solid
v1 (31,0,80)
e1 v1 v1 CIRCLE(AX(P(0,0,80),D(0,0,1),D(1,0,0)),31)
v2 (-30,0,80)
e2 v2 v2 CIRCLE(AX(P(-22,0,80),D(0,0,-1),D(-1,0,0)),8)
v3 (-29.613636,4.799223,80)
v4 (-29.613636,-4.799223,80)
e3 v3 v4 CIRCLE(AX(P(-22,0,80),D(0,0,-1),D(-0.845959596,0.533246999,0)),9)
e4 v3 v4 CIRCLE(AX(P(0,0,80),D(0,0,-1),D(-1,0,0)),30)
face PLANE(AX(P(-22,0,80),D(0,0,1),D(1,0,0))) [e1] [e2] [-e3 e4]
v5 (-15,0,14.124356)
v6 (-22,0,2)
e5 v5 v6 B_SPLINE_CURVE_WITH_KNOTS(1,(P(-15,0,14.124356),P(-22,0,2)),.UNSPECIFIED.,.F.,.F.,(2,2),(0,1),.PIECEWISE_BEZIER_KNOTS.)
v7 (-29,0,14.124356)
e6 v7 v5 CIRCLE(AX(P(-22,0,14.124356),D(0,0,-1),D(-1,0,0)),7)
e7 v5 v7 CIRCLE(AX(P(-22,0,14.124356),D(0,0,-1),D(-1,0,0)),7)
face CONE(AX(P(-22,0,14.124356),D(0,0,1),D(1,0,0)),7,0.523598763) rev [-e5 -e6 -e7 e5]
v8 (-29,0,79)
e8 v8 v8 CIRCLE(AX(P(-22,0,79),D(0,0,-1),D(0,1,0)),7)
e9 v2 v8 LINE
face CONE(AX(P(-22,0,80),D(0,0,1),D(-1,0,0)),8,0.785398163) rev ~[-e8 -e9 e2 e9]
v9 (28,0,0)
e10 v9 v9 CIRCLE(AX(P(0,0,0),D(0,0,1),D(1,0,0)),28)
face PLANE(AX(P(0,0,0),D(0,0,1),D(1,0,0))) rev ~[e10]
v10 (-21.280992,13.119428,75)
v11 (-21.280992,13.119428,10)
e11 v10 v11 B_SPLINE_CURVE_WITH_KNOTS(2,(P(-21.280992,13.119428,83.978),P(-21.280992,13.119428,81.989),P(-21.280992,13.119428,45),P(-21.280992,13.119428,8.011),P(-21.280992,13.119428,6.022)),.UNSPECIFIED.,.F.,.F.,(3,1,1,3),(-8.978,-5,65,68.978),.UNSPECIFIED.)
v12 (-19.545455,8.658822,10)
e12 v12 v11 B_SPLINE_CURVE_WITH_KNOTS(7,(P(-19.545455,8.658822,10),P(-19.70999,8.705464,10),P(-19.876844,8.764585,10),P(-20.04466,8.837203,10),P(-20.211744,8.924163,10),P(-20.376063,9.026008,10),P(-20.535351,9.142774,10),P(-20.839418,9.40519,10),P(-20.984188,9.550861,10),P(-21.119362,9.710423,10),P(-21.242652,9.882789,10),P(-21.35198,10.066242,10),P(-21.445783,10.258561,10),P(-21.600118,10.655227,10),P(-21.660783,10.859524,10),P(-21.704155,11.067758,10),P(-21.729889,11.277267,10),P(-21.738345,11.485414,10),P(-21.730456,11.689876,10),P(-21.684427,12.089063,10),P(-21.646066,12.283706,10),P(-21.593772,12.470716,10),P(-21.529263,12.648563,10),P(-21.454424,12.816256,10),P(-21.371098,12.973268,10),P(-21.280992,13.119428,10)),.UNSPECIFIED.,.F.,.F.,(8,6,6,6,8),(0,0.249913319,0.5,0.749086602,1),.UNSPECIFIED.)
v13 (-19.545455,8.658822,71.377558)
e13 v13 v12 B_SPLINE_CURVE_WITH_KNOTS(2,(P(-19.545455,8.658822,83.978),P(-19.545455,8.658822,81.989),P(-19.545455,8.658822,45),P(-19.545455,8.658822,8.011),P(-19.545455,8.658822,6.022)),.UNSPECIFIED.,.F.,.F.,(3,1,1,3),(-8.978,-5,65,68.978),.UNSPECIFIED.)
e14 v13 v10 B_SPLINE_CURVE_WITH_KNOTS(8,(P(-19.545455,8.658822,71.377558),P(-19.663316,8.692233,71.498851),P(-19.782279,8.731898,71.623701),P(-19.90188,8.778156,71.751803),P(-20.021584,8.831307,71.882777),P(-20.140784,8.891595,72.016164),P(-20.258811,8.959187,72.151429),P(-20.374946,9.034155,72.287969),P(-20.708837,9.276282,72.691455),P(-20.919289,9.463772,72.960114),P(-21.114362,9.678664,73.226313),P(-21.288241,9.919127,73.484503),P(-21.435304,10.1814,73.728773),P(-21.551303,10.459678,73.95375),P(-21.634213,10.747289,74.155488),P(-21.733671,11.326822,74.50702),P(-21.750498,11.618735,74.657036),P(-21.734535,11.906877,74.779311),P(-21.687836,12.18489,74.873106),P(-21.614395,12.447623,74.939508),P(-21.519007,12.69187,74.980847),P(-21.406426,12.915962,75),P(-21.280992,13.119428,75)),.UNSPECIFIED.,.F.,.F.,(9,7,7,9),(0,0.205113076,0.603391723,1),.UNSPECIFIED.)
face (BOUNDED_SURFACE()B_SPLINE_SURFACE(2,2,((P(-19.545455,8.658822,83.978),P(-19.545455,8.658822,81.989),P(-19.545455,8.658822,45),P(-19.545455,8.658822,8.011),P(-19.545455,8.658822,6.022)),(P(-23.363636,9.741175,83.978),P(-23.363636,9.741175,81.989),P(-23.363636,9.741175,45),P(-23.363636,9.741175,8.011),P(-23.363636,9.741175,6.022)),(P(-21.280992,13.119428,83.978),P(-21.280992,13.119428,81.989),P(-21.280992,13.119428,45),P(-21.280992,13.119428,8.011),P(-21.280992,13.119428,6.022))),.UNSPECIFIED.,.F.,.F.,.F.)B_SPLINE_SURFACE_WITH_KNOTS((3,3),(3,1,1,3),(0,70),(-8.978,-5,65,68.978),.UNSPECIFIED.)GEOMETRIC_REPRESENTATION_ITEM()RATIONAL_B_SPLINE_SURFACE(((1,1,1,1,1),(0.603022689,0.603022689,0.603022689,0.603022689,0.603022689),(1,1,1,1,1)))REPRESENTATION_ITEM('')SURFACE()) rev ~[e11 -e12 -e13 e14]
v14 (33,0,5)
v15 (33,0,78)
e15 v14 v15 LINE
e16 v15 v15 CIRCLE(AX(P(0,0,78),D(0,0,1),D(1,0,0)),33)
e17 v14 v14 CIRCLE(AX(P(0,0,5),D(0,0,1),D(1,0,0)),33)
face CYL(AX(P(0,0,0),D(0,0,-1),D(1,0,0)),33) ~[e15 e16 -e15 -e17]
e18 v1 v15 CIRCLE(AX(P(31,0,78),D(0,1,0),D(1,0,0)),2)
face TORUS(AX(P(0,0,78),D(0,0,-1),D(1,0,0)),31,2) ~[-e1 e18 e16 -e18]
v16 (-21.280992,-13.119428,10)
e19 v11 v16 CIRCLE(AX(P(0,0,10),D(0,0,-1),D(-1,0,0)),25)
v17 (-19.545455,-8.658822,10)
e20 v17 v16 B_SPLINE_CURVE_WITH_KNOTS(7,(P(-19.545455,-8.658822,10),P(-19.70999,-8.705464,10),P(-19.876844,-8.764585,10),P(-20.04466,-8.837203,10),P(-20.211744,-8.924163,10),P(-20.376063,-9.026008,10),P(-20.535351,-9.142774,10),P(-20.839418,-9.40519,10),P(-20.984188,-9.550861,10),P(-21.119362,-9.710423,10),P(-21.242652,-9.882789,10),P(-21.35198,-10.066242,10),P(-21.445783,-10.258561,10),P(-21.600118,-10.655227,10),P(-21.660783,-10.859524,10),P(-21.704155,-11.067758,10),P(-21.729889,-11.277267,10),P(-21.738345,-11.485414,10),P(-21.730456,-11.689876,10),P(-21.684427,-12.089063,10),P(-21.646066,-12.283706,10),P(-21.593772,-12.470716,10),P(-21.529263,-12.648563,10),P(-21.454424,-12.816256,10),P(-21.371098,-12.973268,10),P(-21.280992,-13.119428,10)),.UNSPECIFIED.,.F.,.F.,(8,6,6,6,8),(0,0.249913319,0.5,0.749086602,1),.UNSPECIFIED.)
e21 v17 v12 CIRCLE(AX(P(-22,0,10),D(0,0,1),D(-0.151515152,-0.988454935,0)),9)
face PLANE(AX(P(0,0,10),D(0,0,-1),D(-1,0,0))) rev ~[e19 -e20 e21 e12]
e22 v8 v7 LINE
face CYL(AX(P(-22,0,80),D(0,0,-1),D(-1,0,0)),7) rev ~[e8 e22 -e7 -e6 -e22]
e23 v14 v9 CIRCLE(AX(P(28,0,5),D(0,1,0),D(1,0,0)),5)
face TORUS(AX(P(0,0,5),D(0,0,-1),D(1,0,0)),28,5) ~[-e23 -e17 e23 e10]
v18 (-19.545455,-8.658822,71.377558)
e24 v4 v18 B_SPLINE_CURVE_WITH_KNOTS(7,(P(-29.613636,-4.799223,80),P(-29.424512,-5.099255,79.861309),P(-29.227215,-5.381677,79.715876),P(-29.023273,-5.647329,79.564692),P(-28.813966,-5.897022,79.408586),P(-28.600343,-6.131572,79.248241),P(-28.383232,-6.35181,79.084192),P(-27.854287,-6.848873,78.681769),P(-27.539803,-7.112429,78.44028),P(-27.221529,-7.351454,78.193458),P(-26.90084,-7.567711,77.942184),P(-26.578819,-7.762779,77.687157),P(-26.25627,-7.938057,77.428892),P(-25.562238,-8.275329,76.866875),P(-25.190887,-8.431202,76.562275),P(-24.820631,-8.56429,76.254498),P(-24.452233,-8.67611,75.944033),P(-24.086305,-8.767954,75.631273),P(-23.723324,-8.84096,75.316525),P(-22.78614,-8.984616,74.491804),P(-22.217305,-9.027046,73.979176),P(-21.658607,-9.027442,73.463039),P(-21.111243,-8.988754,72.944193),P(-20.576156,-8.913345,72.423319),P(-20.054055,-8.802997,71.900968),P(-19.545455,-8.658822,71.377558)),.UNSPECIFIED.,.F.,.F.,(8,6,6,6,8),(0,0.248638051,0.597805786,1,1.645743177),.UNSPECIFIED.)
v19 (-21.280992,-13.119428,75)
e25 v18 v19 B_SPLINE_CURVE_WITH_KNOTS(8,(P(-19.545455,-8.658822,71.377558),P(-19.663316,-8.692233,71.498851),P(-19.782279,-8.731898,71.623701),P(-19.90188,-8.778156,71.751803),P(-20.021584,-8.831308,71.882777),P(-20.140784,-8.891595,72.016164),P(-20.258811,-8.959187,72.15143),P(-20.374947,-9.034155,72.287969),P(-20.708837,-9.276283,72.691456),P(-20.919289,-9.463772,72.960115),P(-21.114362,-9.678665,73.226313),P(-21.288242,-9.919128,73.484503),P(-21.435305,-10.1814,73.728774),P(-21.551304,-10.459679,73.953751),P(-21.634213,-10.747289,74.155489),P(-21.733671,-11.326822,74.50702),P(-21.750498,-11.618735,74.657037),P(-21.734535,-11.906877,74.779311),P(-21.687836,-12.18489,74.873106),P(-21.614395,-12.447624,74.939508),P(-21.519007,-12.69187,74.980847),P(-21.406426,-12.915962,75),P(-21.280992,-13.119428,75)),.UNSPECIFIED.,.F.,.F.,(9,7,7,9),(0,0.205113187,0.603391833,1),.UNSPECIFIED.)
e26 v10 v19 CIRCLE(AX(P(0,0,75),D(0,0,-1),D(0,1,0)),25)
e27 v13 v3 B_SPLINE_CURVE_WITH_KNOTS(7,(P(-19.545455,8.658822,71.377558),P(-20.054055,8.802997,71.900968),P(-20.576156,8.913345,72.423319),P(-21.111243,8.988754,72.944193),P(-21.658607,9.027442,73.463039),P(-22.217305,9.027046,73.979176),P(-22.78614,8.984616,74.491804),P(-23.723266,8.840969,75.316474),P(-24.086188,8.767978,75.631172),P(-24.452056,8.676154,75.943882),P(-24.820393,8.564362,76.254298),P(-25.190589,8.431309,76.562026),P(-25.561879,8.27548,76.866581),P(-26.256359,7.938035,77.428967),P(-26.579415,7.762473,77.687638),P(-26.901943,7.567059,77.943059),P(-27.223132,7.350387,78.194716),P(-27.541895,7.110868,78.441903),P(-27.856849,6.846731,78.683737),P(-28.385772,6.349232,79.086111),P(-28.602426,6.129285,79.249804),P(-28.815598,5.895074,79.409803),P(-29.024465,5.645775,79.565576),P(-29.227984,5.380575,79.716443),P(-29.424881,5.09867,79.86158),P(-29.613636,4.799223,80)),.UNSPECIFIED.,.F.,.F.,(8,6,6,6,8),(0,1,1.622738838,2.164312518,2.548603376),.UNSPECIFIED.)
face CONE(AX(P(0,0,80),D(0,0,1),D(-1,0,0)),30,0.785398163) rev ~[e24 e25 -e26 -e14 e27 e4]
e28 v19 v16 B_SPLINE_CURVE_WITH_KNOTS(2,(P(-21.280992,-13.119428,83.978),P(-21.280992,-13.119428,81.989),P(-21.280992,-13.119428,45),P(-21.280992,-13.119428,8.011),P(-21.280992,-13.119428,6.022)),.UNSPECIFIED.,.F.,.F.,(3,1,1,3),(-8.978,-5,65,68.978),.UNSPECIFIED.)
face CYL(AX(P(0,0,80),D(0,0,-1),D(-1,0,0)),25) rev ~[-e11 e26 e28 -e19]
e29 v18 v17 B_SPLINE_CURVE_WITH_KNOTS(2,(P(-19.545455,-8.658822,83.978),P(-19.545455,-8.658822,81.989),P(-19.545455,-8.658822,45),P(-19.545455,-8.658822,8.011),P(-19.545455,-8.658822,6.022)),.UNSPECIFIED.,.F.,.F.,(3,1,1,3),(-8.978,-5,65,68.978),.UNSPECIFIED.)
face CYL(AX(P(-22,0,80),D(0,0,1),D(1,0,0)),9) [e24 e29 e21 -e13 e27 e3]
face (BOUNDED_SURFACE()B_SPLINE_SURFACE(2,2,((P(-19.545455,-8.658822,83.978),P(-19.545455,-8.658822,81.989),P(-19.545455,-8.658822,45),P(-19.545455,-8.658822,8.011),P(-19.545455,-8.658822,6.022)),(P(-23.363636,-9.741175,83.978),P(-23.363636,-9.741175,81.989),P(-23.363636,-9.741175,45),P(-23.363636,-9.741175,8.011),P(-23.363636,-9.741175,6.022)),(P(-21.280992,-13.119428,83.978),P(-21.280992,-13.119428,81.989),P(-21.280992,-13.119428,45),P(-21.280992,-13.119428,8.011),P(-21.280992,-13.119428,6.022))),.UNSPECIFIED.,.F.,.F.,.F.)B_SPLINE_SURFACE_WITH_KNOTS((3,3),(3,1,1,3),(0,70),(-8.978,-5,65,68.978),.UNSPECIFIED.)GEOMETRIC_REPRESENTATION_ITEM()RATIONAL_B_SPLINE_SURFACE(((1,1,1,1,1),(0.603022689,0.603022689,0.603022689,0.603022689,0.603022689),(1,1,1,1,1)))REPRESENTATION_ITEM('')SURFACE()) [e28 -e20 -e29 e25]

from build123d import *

# Parameters (mm, degrees)
SKETCH_R            = 33
PAD_DEPTH           = 80
HOLE_D              = 50
HOLE_DEPTH          = 70
HOLE_CSINK_D        = 60
HOLE_CSINK_ANGLE    = 90
SKETCH002_R         = 9
PAD001_DEPTH        = 80
HOLE001_D           = 14
HOLE001_DEPTH       = 65.875644
HOLE001_CSINK_D     = 16
HOLE001_CSINK_ANGLE = 90
HOLE001_TIPS_R      = 7
FILLET_R            = 3
FILLET001_R         = 2
FILLET002_R         = 5


with BuildPart() as part:
    # Sketch → Pad (new body)
    with BuildSketch(Plane.XY):
        Circle(SKETCH_R)
    extrude(amount=PAD_DEPTH)

    # Hole
    with Locations(Plane.XY.offset(80)):
        with Locations((0, 0)):
            CounterSinkHole(HOLE_D / 2, HOLE_CSINK_D / 2, depth=HOLE_DEPTH, counter_sink_angle=HOLE_CSINK_ANGLE)

    # Sketch002 (on Face3 of Hole) → Pad001 (join)
    with BuildSketch(Plane.XY.offset(80)):
        with Locations((-22, 0)):
            Circle(SKETCH002_R)
    extrude(amount=-PAD001_DEPTH)

    # Hole001
    with Locations(Plane.XY.offset(80)):
        with Locations((-22, 0)):
            CounterSinkHole(HOLE001_D / 2, HOLE001_CSINK_D / 2, depth=HOLE001_DEPTH, counter_sink_angle=HOLE001_CSINK_ANGLE)

    # Hole001 tips → Hole001 tip 1 section 0
    with BuildSketch(Plane.XY.offset(14.124356), mode=Mode.PRIVATE) as hole001_tip_1_s0:
        with Locations((-22, 0)):
            Circle(HOLE001_TIPS_R)
    loft([hole001_tip_1_s0.sketch, Vertex(-22, 0, 2)], mode=Mode.SUBTRACT)

    # Fillet
    fillet_edges = [part.edges().sort_by_distance(p)[0] for p in [
        (-23.363636, -8.896094, 42.5),
        (-23.363636, 8.896094, 42.5),
    ]]
    fillet(fillet_edges, radius=FILLET_R)

    # Fillet001
    fillet001_edges = [part.edges().sort_by_distance(p)[0] for p in [
        (-33, 0, 80),
    ]]
    fillet(fillet001_edges, radius=FILLET001_R)

    # Fillet002
    fillet002_edges = [part.edges().sort_by_distance(p)[0] for p in [
        (-33, 0, 0),
    ]]
    fillet(fillet002_edges, radius=FILLET002_R)


solid = part.part
